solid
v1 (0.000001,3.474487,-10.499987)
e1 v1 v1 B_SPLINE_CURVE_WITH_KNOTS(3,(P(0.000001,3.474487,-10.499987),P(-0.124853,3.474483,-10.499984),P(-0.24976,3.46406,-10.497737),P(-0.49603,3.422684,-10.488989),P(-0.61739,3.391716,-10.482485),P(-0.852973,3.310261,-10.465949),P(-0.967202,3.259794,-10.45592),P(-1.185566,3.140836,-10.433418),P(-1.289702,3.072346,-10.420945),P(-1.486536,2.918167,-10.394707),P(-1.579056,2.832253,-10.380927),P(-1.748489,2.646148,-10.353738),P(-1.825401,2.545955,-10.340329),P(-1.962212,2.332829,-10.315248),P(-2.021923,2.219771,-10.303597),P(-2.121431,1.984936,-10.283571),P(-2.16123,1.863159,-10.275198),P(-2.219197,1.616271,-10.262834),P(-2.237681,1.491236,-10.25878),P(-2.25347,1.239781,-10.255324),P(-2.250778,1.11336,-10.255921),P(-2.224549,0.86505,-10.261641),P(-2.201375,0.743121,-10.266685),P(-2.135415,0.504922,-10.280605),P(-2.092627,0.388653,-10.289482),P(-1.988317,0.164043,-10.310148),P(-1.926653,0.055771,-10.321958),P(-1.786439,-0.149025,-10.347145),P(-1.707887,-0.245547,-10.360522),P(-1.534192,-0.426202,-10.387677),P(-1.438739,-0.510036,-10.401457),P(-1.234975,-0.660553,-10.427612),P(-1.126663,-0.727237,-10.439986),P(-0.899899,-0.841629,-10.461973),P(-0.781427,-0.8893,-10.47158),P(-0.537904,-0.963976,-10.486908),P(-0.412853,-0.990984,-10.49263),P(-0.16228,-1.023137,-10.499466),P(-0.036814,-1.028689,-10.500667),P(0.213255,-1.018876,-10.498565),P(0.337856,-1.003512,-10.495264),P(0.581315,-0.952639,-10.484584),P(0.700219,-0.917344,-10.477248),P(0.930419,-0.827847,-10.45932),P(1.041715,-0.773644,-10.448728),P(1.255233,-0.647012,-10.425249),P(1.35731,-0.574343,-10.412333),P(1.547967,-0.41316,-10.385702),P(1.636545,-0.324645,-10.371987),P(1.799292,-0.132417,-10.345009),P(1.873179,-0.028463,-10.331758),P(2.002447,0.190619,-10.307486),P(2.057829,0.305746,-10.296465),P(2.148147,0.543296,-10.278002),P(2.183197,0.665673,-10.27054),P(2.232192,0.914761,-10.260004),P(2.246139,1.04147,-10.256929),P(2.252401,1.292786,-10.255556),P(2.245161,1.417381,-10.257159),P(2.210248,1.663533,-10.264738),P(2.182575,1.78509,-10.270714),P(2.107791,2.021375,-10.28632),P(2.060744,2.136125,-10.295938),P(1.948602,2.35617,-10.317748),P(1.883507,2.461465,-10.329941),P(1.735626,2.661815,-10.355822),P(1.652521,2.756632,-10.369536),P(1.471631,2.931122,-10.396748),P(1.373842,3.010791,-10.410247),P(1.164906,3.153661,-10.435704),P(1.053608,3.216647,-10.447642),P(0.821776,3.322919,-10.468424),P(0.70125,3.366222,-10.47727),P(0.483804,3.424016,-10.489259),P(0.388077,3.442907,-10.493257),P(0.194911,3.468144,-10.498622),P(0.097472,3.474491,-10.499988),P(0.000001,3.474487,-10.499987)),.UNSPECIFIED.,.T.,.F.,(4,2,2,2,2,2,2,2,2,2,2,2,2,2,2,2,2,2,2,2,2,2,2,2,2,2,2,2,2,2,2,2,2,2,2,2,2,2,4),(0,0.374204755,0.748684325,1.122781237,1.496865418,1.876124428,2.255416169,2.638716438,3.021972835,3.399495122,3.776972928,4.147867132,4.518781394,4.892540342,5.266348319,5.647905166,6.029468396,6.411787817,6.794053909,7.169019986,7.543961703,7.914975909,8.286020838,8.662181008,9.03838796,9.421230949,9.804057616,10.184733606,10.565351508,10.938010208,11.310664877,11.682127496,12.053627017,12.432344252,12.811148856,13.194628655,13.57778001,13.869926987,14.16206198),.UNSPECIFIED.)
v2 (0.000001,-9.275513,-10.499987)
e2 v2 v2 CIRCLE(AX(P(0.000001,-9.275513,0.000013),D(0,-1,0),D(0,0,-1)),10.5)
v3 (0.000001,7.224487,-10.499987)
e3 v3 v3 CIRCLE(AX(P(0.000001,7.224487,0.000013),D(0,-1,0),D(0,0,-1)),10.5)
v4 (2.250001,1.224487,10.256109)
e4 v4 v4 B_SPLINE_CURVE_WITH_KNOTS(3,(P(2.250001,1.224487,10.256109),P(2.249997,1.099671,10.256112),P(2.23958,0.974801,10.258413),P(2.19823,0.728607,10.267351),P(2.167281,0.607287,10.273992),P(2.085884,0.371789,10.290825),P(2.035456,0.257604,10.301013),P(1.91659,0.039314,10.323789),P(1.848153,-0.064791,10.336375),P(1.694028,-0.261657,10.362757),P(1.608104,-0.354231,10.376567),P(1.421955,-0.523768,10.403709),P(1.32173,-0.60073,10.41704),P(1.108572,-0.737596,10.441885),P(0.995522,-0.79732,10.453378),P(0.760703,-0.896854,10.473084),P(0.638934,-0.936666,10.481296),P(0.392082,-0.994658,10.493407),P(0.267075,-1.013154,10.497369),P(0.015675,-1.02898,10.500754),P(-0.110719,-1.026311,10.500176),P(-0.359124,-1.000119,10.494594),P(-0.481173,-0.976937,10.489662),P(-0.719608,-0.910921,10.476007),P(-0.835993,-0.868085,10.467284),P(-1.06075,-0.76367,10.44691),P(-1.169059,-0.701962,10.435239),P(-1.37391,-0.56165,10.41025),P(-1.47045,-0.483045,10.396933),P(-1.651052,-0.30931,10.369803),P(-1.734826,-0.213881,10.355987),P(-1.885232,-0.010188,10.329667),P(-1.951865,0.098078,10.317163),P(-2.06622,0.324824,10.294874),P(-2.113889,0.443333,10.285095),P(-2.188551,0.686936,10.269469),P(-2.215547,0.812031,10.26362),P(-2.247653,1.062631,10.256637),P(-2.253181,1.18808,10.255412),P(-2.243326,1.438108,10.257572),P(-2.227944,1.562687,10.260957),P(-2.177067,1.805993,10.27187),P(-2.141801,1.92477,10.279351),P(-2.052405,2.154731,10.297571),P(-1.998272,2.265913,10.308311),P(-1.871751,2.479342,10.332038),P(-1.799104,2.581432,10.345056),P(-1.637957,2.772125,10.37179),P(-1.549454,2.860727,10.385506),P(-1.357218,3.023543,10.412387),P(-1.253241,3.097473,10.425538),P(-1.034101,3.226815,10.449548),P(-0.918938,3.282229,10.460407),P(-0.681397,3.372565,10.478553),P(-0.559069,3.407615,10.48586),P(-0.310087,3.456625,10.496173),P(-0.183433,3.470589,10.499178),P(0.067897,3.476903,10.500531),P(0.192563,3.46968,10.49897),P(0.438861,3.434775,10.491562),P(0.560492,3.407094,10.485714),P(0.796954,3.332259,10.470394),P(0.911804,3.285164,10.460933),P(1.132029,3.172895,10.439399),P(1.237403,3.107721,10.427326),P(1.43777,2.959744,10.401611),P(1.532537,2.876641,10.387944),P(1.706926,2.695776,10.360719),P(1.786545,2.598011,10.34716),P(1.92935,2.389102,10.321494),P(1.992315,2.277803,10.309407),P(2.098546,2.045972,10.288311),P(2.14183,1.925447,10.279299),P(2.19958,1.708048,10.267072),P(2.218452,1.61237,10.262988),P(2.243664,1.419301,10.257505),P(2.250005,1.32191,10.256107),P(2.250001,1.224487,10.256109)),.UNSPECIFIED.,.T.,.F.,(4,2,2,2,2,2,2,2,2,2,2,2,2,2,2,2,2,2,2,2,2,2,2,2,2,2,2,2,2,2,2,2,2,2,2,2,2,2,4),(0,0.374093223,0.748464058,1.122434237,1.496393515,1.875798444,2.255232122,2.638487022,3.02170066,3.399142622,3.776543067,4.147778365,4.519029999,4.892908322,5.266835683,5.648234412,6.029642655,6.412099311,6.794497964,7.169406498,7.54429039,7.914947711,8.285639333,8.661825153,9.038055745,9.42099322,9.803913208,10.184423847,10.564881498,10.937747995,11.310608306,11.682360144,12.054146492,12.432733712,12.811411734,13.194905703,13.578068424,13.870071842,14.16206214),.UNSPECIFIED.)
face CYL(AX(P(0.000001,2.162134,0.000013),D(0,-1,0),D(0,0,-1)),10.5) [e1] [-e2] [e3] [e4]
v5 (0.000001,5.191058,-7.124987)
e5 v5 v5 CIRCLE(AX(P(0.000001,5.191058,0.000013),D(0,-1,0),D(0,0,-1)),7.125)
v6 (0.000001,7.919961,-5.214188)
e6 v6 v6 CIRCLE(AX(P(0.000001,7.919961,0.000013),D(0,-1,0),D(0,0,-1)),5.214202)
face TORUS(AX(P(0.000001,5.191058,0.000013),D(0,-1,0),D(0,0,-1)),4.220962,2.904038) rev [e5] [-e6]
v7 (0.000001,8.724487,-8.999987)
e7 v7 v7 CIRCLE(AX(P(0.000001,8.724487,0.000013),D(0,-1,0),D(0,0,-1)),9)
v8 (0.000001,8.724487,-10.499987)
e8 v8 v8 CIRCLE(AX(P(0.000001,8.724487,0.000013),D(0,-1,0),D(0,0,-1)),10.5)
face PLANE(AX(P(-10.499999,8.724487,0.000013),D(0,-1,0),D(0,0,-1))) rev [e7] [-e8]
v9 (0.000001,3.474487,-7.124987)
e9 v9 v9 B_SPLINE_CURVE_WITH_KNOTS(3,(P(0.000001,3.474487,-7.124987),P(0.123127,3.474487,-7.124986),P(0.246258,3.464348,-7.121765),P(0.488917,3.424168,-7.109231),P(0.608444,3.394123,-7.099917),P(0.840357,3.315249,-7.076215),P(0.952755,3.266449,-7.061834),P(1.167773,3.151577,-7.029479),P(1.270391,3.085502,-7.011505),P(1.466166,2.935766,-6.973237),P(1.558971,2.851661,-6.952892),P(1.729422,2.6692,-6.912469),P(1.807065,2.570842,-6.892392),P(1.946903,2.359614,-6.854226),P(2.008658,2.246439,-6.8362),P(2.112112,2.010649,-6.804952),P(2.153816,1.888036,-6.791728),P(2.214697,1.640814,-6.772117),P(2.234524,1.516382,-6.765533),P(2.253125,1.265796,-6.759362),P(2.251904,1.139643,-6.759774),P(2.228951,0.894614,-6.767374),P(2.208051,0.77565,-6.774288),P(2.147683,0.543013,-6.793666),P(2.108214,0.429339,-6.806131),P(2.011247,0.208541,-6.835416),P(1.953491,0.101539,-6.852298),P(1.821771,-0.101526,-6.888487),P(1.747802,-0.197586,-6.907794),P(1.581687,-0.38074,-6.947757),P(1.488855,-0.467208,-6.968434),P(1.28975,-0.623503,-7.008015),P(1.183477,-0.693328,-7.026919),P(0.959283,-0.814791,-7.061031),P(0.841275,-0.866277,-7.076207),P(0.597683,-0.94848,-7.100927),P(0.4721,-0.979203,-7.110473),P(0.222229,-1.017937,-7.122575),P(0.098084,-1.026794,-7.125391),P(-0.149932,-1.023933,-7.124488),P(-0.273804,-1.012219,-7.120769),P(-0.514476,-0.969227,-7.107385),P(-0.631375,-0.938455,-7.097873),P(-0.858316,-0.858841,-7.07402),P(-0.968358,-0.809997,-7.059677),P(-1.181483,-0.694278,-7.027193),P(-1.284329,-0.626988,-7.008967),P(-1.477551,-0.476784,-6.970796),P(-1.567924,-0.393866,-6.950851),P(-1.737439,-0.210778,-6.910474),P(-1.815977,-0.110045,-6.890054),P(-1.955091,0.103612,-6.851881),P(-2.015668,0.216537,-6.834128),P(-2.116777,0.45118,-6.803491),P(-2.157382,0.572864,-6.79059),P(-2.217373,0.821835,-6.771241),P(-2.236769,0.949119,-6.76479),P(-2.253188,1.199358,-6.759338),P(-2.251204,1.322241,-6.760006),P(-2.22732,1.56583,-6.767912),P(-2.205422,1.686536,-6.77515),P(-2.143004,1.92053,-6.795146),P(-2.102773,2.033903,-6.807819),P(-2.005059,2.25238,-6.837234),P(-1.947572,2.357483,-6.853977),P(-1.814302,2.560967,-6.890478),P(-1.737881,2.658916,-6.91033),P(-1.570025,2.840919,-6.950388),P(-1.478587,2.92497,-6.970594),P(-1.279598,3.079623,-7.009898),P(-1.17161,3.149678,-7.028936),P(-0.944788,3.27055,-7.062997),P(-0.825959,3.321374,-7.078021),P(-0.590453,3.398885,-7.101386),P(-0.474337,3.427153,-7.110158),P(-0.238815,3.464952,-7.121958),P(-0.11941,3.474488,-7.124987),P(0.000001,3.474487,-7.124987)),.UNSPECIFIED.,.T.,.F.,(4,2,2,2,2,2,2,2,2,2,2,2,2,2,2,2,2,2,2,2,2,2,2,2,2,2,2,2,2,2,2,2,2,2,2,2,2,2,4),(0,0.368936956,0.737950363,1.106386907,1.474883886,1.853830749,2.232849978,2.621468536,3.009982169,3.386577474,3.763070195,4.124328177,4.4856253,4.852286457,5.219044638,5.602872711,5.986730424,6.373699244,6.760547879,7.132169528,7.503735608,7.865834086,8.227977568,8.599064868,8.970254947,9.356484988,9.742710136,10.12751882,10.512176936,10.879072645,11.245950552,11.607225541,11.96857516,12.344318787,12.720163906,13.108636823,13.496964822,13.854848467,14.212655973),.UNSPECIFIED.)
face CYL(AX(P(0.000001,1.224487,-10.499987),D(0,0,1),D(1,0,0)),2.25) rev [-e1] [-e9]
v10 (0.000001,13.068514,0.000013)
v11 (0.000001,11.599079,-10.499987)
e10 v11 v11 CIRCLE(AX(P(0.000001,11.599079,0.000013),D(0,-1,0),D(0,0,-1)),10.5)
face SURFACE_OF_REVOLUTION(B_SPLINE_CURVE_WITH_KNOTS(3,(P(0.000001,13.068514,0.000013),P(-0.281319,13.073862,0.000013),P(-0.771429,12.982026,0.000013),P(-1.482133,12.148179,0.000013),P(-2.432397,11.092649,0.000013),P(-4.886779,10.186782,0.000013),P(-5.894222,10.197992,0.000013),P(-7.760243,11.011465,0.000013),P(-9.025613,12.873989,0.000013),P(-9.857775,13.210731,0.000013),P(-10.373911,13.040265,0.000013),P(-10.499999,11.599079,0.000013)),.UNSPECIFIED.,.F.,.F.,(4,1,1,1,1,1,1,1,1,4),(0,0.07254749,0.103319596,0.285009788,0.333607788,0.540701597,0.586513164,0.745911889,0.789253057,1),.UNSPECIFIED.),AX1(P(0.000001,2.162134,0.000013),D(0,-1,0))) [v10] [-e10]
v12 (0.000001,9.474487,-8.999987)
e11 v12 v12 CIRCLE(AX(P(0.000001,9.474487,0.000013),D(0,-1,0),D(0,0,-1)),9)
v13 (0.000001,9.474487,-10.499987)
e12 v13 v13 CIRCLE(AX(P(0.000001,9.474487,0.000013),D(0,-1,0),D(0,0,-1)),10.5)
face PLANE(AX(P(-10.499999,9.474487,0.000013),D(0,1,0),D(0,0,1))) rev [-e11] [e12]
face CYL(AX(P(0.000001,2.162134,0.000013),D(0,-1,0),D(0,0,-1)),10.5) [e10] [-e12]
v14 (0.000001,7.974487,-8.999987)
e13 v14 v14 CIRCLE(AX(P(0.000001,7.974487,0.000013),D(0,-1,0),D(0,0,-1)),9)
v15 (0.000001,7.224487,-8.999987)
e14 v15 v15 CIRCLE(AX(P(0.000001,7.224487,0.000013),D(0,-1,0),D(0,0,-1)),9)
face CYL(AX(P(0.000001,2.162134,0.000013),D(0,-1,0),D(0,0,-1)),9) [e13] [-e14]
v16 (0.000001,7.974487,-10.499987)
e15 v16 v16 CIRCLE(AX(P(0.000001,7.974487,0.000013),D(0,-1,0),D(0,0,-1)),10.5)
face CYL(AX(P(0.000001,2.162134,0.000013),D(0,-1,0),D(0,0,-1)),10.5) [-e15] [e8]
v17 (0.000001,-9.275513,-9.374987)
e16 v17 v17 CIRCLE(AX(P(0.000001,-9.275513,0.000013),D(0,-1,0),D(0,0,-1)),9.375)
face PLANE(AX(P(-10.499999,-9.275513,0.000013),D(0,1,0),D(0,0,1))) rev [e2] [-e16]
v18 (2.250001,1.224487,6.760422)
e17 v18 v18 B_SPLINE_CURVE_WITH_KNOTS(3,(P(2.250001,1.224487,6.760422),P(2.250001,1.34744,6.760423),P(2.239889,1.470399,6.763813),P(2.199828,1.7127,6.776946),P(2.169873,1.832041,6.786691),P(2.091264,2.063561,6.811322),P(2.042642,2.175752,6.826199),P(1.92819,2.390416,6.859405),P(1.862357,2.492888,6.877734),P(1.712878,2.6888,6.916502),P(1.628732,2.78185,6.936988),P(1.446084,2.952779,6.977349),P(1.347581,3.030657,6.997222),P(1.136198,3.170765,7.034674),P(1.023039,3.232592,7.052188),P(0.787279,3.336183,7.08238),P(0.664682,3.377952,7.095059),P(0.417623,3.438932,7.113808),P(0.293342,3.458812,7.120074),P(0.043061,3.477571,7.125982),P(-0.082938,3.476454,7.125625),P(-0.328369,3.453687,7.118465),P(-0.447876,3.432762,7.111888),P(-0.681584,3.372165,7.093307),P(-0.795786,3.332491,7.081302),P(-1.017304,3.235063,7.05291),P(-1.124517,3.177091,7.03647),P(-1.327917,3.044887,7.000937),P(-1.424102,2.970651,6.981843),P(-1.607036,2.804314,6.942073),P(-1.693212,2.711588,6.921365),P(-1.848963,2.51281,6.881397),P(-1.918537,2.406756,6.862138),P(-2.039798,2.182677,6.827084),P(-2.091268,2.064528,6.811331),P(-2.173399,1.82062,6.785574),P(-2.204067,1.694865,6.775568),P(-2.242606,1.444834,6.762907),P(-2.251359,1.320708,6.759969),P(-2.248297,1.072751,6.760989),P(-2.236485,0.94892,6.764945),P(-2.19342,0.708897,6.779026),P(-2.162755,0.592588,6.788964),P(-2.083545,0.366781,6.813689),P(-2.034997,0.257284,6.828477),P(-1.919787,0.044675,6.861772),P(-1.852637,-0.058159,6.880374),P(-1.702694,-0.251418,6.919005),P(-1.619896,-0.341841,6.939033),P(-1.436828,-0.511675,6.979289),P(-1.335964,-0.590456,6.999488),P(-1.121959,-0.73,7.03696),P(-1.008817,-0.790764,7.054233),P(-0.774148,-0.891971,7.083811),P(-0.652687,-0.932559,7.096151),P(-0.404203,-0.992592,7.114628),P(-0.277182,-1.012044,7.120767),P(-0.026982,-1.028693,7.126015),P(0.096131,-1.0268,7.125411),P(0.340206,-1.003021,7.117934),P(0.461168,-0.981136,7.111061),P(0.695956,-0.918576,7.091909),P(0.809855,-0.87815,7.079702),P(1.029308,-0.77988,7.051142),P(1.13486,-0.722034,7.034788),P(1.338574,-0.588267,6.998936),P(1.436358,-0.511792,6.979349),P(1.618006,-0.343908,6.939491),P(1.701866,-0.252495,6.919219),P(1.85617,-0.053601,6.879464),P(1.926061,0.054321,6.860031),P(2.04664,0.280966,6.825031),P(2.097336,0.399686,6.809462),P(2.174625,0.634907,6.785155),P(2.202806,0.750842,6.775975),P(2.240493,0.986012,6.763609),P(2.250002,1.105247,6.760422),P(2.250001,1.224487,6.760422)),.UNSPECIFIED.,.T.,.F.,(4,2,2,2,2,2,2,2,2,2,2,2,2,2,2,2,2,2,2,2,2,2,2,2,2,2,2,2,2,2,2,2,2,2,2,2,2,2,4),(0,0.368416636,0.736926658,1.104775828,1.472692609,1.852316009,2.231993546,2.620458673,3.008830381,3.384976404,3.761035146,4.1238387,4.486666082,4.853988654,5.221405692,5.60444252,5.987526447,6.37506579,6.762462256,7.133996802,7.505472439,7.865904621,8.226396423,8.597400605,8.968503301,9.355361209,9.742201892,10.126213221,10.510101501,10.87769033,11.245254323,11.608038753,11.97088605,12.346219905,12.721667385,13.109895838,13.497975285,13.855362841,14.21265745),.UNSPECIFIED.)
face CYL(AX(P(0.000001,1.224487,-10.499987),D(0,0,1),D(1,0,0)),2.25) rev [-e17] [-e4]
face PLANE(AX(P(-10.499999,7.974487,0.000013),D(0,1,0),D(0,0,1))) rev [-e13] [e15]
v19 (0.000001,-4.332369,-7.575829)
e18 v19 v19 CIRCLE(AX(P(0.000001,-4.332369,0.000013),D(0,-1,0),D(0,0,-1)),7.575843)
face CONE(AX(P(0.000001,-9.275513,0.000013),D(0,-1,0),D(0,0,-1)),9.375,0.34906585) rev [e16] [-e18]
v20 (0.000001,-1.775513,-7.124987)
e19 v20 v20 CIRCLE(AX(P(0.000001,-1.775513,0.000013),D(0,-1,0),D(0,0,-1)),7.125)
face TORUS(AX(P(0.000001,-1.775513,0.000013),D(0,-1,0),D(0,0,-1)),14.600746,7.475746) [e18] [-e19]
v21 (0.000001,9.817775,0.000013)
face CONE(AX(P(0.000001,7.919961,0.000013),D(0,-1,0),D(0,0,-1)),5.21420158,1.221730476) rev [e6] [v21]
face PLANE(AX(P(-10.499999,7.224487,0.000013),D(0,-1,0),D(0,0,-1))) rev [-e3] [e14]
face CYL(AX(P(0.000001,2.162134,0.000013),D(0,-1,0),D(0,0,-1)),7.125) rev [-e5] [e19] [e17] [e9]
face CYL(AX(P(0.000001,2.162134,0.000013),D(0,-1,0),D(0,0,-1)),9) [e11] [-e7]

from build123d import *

# Parameters (mm, degrees)
CUT_EXTRUDE1_DEPTH      = 14.866731381
CUT_EXTRUDE1_DEPTH_BACK = 14.866731381
SKETCH2_R               = 1.5
SCALE1_SCALE            = 1.5


with BuildPart() as part:
    # Sketch1 → Revolve1 (revolve)
    with BuildSketch(Plane.XY, mode=Mode.PRIVATE) as revolve1_sk:
        with BuildLine():
            Line((-7, 8.712098042), (-7, 7.295703465))
            Line((-7, 7.295703465), (-6, 7.295703465))
            Line((-6, 7.295703465), (-6, 6.795703465))
            Line((-6, 6.795703465), (-7, 6.795703465))
            Line((-7, 6.795703465), (-7, 6.295703465))
            Line((-7, 6.295703465), (-6, 6.295703465))
            Line((-6, 6.295703465), (-6, 5.795703465))
            Line((-6, 5.795703465), (-7, 5.795703465))
            Line((-7, 5.795703465), (-7, -5.204296535))
            Line((-7, -5.204296535), (-6.25, -5.204296535))
            Line((-6.25, -5.204296535), (-5.050561785, -1.908867124))
            ThreePointArc((-5.050561785, -1.908867124), (-4.825715591, -1.069729704), (-4.75, -0.204296535))
            Line((-4.75, -0.204296535), (-4.75, 4.440083994))
            ThreePointArc((-4.75, 4.440083994), (-4.399873792, 5.550542455), (-3.476134386, 6.259352631))
            Line((-3.476134386, 6.259352631), (0, 7.524562078))
            Line((0, 7.524562078), (0, 8.566185983))
            Line((0, 8.566185983), (0, 9.69172121))
            add(Edge.make_bspline(
                [(-7, 8.712098042), (-6.915941705, 9.672888752), (-6.571850582, 9.786532429), (-6.017076444, 9.562037769), (-5.173496459, 8.320355176), (-3.929482137, 7.778040067), (-3.257853738, 7.770566701), (-1.62159895, 8.374478133), (-0.988089519, 9.078164836), (-0.514286955, 9.634062862), (-0.187546651, 9.695286605), (0, 9.69172121)],
                knots=[0, 0, 0, 0, 0.210746943, 0.254088111, 0.413486836, 0.459298403, 0.666392212, 0.714990212, 0.896680404, 0.92745251, 1, 1, 1, 1], degree=3))
        make_face()
    revolve(revolve1_sk.sketch.rotate(Axis((0, 2.420801252, 0), (0, 1, 0)), 270), axis=Axis((0, 2.420801252, 0), (0, 1, 0)))

    # Sketch2 → Cut-Extrude1 (cut, two sides: drawn at the far end of the back side and taken through both)
    with BuildSketch(Plane.XY.offset(-CUT_EXTRUDE1_DEPTH_BACK)):
        with Locations((0, 1.795703465)):
            Circle(SKETCH2_R)
    extrude(amount=CUT_EXTRUDE1_DEPTH + CUT_EXTRUDE1_DEPTH_BACK, mode=Mode.SUBTRACT)


with BuildPart() as part_1:
    # Scale1: scaled about (1.0568e-05, 2.939086838, 0.000578627)
    add(part.part.scale(SCALE1_SCALE).moved(Location((-5.284e-06, -1.469543419, -0.000289313))))


solid = part_1.part
